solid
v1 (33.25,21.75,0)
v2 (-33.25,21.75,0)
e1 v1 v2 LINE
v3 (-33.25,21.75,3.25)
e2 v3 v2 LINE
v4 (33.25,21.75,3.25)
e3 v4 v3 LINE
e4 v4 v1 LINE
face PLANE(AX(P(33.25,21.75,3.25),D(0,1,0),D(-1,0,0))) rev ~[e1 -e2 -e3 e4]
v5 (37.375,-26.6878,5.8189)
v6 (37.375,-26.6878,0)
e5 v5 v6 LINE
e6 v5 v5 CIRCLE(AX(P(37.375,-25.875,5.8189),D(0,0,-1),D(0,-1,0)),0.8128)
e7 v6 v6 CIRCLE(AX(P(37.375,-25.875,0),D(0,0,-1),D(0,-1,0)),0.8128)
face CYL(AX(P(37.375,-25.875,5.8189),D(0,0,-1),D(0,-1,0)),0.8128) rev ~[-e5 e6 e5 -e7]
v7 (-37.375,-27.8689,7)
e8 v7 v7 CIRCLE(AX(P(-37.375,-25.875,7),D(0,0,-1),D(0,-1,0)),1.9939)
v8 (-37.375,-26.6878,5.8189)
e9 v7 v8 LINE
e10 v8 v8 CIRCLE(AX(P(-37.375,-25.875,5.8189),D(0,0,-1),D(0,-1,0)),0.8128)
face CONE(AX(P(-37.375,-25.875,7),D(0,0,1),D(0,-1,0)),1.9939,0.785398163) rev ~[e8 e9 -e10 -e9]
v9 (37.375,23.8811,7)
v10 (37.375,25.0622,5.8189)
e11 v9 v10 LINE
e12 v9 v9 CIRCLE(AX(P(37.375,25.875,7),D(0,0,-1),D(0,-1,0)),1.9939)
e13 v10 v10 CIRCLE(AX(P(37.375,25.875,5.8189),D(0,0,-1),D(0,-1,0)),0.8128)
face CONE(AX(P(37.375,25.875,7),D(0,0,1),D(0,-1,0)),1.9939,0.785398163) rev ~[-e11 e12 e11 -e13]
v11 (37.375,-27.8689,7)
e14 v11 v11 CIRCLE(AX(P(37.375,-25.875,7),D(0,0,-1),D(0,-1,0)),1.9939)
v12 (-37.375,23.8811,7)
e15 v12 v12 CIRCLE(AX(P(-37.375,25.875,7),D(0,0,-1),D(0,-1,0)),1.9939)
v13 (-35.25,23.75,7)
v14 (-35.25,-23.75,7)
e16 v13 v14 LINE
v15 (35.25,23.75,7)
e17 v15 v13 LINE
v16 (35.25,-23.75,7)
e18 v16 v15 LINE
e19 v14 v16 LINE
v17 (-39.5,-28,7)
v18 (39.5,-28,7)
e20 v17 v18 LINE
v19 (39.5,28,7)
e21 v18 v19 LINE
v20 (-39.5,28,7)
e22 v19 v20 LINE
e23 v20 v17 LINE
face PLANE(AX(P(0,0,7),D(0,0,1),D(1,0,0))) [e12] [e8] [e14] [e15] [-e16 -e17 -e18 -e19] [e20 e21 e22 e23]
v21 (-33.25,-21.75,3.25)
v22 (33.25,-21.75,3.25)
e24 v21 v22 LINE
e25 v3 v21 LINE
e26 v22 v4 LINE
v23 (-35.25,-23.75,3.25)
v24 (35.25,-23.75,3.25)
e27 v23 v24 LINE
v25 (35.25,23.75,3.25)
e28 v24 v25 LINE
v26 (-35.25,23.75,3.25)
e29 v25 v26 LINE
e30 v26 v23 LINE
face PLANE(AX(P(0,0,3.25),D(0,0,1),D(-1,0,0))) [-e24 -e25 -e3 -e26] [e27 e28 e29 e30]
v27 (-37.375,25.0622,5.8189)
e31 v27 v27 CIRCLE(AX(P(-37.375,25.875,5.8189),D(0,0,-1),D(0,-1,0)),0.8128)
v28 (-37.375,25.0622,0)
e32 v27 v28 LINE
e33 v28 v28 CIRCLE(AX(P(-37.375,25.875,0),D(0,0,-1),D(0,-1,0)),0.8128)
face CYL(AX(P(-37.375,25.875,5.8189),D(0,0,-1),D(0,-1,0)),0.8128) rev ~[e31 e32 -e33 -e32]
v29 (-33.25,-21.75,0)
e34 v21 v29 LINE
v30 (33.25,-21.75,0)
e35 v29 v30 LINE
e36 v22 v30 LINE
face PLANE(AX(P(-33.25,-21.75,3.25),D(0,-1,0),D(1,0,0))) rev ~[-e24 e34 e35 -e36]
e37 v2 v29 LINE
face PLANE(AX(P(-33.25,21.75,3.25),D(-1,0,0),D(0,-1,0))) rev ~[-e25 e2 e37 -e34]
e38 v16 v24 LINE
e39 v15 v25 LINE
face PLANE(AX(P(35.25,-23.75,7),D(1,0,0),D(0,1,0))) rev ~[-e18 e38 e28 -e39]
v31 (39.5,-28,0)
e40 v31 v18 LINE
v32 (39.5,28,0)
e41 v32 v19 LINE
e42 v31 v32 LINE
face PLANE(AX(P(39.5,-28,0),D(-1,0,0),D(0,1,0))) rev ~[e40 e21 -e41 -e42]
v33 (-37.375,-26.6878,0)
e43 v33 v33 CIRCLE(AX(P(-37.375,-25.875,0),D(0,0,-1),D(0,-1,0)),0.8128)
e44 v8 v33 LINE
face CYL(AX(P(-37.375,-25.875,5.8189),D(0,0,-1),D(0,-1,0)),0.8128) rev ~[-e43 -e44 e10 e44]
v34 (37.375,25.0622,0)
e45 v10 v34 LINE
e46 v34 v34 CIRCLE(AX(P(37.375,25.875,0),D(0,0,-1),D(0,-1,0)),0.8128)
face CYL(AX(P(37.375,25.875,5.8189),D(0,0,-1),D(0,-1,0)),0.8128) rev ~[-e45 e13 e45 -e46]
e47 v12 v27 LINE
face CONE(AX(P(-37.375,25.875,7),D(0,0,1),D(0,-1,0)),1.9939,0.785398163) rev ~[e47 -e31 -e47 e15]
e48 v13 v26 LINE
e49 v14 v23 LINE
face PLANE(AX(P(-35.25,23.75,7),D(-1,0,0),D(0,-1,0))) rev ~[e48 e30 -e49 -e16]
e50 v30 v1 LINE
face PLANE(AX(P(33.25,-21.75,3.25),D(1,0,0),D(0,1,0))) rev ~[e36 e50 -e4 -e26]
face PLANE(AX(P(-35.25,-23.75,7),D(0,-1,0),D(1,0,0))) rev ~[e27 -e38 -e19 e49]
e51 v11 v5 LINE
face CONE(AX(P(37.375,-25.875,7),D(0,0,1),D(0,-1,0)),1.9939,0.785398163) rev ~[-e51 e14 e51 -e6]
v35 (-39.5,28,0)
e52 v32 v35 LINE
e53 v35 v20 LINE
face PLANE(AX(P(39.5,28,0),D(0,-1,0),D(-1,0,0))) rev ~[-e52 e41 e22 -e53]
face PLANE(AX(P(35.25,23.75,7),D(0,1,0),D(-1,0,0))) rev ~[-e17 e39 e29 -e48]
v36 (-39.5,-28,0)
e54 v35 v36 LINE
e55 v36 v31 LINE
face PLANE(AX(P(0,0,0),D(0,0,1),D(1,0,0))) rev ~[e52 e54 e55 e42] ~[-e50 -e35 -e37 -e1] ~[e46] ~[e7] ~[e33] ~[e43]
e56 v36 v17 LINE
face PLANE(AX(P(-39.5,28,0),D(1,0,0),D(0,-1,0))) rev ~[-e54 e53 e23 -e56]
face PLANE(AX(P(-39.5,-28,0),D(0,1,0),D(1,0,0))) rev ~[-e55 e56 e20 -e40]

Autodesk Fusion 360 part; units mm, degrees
sketch "Sketch1" plane through (0, 0, 0) normal (0, 0, 1) x (1, 0, 0)
  line L0 (39.5, 28) -> (-39.5, 28)
  line L1 (-39.5, 28) -> (-39.5, -28)
  line L2 (-39.5, -28) -> (39.5, -28)
  line L3 (39.5, -28) -> (39.5, 28)
  line L4 (39.5, 28) -> (-39.5, -28) construction
  line L5 (-39.5, 28) -> (39.5, -28) construction
  dimension "d1" = 79
  dimension "d2" = 56
extrude "Extrude1" add sketch "Sketch1" along normal blind 7
sketch "Sketch2" plane through (0, 0, 7) normal (0, 0, 1) x (-1, 0, 0)
  line L0 (-39.5, 28) -> (-39.5, -28)
  line L1 (-39.5, -28) -> (39.5, -28)
  line L2 (39.5, -28) -> (39.5, 28)
  line L3 (39.5, 28) -> (-39.5, 28)
  line L4 (-35.25, -23.75) -> (35.25, -23.75)
  line L5 (35.25, -23.75) -> (35.25, 23.75)
  line L6 (35.25, 23.75) -> (-35.25, 23.75)
  line L7 (-35.25, 23.75) -> (-35.25, -23.75)
  line L8 (-35.25, -23.75) -> (35.25, 23.75) construction
  line L9 (35.25, -23.75) -> (-35.25, 23.75) construction
  dimension "d5" = 70.5
  dimension "d6" = 47.5
extrude "Extrude2" cut sketch "Sketch2" against normal blind 3.75 contours L4 L5 L6 L7
sketch "Sketch3" plane through (0, 0, 3.25) normal (0, 0, 1) x (-1, 0, 0)
  line L0 (-35.25, 23.75) -> (-35.25, -23.75)
  line L1 (-35.25, -23.75) -> (35.25, -23.75)
  line L2 (35.25, -23.75) -> (35.25, 23.75)
  line L3 (35.25, 23.75) -> (-35.25, 23.75)
  line L4 (33.25, 21.75) -> (-33.25, 21.75)
  line L5 (-33.25, 21.75) -> (-33.25, -21.75)
  line L6 (-33.25, -21.75) -> (33.25, -21.75)
  line L7 (33.25, -21.75) -> (33.25, 21.75)
  line L8 (33.25, 21.75) -> (-33.25, -21.75) construction
  line L9 (-33.25, 21.75) -> (33.25, -21.75) construction
  dimension "d9" = 66.5
  dimension "d10" = 43.5
extrude "Extrude3" cut sketch "Sketch3" against normal blind 3.25 contours L4 L5 L6 L7
sketch "Sketch4" plane through (0, 0, 7) normal (0, 0, 1) x (-1, 0, 0)
  line L0 (35.25, -23.75) -> (-35.25, -23.75)
  line L1 (-35.25, -23.75) -> (-35.25, 23.75)
  line L2 (-35.25, 23.75) -> (35.25, 23.75)
  line L3 (35.25, 23.75) -> (35.25, -23.75)
  line L4 (-39.5, 28) -> (-39.5, -28)
  line L5 (-39.5, -28) -> (39.5, -28)
  line L6 (39.5, -28) -> (39.5, 28)
  line L7 (39.5, 28) -> (-39.5, 28)
  circle A0 centre (37.375, -25.875) radius 2
  dimension "d13" = 4
  dimension "d14" = 2.125
  dimension "d15" = 2.125
sketch "Sketch5" plane through (0, 0, 7) normal (0, 0, 1) x (-1, 0, 0)
  line L0 (35.25, -23.75) -> (-35.25, -23.75)
  line L1 (-35.25, -23.75) -> (-35.25, 23.75)
  line L2 (-35.25, 23.75) -> (35.25, 23.75)
  line L3 (35.25, 23.75) -> (35.25, -23.75)
  line L4 (-39.5, 28) -> (-39.5, -28)
  line L5 (-39.5, -28) -> (39.5, -28)
  line L6 (39.5, -28) -> (39.5, 28)
  line L7 (39.5, 28) -> (-39.5, 28)
  circle A0 centre (-37.375, -25.875) radius 2
  circle A1 centre (-37.375, 25.875) radius 2
  circle A2 centre (37.375, 25.875) radius 2
  dimension "d23" = 4
  dimension "d24" = 2.125
  dimension "d25" = 2.125
  dimension "d26" = 4
  dimension "d27" = 2.125
  dimension "d28" = 2.125
  dimension "d29" = 4
  dimension "d30" = 2.125
  dimension "d31" = 2.125
hole "Hole2" at (37.375, 25.875, 7) at (37.375, -25.875, 7) at (-37.375, -25.875, 7) direction (0, 0, -1) diameter 1.6256 depth 7.0104 tip angle 180 countersink diameter 3.9878 countersink angle 90
sketch "Sketch6" plane through (0, 0, 7) normal (0, 0, 1) x (-1, 0, 0)
  circle A0 centre (-37.375, 25.875) radius 1.9939
  circle A1 centre (-37.375, -25.875) radius 1.9939
  circle A2 centre (37.375, 25.875) radius 1.9939
  line L0 (35.25, -23.75) -> (-35.25, -23.75)
  line L1 (-35.25, -23.75) -> (-35.25, 23.75)
  line L2 (-35.25, 23.75) -> (35.25, 23.75)
  line L3 (35.25, 23.75) -> (35.25, -23.75)
  line L4 (-39.5, 28) -> (-39.5, -28)
  line L5 (-39.5, -28) -> (39.5, -28)
  line L6 (39.5, -28) -> (39.5, 28)
  line L7 (39.5, 28) -> (-39.5, 28)
  circle A3 centre (37.375, -25.875) radius 2
  dimension "d39" = 4
  dimension "d40" = 2.125
  dimension "d41" = 2.125
hole "Hole3" at (-37.375, 25.875, 7) direction (0, 0, -1) diameter 1.6256 depth 7.0104 tip angle 180 countersink diameter 3.9878 countersink angle 90
sketch "Sketch7" plane through (0, 0, 3.25) normal (0, 0, 1) x (-1, 0, 0)
  line L0 (-33.25, 21.75) -> (33.25, 21.75)
  line L1 (33.25, 21.75) -> (33.25, -21.75)
  line L2 (33.25, -21.75) -> (-33.25, -21.75)
  line L3 (-33.25, -21.75) -> (-33.25, 21.75)
  line L4 (-35.25, 23.75) -> (-35.25, -23.75)
  line L5 (-35.25, -23.75) -> (35.25, -23.75)
  line L6 (35.25, -23.75) -> (35.25, 23.75)
  line L7 (35.25, 23.75) -> (-35.25, 23.75)
sketch "Sketch8" plane through (35.25, 0, 0) normal (-1, 0, 0) x (0, -1, 0)
  line L0 (23.75, 7) -> (-23.75, 7)
  line L1 (-23.75, 7) -> (-23.75, 3.25)
  line L2 (-23.75, 3.25) -> (23.75, 3.25)
  line L3 (23.75, 3.25) -> (23.75, 7)
